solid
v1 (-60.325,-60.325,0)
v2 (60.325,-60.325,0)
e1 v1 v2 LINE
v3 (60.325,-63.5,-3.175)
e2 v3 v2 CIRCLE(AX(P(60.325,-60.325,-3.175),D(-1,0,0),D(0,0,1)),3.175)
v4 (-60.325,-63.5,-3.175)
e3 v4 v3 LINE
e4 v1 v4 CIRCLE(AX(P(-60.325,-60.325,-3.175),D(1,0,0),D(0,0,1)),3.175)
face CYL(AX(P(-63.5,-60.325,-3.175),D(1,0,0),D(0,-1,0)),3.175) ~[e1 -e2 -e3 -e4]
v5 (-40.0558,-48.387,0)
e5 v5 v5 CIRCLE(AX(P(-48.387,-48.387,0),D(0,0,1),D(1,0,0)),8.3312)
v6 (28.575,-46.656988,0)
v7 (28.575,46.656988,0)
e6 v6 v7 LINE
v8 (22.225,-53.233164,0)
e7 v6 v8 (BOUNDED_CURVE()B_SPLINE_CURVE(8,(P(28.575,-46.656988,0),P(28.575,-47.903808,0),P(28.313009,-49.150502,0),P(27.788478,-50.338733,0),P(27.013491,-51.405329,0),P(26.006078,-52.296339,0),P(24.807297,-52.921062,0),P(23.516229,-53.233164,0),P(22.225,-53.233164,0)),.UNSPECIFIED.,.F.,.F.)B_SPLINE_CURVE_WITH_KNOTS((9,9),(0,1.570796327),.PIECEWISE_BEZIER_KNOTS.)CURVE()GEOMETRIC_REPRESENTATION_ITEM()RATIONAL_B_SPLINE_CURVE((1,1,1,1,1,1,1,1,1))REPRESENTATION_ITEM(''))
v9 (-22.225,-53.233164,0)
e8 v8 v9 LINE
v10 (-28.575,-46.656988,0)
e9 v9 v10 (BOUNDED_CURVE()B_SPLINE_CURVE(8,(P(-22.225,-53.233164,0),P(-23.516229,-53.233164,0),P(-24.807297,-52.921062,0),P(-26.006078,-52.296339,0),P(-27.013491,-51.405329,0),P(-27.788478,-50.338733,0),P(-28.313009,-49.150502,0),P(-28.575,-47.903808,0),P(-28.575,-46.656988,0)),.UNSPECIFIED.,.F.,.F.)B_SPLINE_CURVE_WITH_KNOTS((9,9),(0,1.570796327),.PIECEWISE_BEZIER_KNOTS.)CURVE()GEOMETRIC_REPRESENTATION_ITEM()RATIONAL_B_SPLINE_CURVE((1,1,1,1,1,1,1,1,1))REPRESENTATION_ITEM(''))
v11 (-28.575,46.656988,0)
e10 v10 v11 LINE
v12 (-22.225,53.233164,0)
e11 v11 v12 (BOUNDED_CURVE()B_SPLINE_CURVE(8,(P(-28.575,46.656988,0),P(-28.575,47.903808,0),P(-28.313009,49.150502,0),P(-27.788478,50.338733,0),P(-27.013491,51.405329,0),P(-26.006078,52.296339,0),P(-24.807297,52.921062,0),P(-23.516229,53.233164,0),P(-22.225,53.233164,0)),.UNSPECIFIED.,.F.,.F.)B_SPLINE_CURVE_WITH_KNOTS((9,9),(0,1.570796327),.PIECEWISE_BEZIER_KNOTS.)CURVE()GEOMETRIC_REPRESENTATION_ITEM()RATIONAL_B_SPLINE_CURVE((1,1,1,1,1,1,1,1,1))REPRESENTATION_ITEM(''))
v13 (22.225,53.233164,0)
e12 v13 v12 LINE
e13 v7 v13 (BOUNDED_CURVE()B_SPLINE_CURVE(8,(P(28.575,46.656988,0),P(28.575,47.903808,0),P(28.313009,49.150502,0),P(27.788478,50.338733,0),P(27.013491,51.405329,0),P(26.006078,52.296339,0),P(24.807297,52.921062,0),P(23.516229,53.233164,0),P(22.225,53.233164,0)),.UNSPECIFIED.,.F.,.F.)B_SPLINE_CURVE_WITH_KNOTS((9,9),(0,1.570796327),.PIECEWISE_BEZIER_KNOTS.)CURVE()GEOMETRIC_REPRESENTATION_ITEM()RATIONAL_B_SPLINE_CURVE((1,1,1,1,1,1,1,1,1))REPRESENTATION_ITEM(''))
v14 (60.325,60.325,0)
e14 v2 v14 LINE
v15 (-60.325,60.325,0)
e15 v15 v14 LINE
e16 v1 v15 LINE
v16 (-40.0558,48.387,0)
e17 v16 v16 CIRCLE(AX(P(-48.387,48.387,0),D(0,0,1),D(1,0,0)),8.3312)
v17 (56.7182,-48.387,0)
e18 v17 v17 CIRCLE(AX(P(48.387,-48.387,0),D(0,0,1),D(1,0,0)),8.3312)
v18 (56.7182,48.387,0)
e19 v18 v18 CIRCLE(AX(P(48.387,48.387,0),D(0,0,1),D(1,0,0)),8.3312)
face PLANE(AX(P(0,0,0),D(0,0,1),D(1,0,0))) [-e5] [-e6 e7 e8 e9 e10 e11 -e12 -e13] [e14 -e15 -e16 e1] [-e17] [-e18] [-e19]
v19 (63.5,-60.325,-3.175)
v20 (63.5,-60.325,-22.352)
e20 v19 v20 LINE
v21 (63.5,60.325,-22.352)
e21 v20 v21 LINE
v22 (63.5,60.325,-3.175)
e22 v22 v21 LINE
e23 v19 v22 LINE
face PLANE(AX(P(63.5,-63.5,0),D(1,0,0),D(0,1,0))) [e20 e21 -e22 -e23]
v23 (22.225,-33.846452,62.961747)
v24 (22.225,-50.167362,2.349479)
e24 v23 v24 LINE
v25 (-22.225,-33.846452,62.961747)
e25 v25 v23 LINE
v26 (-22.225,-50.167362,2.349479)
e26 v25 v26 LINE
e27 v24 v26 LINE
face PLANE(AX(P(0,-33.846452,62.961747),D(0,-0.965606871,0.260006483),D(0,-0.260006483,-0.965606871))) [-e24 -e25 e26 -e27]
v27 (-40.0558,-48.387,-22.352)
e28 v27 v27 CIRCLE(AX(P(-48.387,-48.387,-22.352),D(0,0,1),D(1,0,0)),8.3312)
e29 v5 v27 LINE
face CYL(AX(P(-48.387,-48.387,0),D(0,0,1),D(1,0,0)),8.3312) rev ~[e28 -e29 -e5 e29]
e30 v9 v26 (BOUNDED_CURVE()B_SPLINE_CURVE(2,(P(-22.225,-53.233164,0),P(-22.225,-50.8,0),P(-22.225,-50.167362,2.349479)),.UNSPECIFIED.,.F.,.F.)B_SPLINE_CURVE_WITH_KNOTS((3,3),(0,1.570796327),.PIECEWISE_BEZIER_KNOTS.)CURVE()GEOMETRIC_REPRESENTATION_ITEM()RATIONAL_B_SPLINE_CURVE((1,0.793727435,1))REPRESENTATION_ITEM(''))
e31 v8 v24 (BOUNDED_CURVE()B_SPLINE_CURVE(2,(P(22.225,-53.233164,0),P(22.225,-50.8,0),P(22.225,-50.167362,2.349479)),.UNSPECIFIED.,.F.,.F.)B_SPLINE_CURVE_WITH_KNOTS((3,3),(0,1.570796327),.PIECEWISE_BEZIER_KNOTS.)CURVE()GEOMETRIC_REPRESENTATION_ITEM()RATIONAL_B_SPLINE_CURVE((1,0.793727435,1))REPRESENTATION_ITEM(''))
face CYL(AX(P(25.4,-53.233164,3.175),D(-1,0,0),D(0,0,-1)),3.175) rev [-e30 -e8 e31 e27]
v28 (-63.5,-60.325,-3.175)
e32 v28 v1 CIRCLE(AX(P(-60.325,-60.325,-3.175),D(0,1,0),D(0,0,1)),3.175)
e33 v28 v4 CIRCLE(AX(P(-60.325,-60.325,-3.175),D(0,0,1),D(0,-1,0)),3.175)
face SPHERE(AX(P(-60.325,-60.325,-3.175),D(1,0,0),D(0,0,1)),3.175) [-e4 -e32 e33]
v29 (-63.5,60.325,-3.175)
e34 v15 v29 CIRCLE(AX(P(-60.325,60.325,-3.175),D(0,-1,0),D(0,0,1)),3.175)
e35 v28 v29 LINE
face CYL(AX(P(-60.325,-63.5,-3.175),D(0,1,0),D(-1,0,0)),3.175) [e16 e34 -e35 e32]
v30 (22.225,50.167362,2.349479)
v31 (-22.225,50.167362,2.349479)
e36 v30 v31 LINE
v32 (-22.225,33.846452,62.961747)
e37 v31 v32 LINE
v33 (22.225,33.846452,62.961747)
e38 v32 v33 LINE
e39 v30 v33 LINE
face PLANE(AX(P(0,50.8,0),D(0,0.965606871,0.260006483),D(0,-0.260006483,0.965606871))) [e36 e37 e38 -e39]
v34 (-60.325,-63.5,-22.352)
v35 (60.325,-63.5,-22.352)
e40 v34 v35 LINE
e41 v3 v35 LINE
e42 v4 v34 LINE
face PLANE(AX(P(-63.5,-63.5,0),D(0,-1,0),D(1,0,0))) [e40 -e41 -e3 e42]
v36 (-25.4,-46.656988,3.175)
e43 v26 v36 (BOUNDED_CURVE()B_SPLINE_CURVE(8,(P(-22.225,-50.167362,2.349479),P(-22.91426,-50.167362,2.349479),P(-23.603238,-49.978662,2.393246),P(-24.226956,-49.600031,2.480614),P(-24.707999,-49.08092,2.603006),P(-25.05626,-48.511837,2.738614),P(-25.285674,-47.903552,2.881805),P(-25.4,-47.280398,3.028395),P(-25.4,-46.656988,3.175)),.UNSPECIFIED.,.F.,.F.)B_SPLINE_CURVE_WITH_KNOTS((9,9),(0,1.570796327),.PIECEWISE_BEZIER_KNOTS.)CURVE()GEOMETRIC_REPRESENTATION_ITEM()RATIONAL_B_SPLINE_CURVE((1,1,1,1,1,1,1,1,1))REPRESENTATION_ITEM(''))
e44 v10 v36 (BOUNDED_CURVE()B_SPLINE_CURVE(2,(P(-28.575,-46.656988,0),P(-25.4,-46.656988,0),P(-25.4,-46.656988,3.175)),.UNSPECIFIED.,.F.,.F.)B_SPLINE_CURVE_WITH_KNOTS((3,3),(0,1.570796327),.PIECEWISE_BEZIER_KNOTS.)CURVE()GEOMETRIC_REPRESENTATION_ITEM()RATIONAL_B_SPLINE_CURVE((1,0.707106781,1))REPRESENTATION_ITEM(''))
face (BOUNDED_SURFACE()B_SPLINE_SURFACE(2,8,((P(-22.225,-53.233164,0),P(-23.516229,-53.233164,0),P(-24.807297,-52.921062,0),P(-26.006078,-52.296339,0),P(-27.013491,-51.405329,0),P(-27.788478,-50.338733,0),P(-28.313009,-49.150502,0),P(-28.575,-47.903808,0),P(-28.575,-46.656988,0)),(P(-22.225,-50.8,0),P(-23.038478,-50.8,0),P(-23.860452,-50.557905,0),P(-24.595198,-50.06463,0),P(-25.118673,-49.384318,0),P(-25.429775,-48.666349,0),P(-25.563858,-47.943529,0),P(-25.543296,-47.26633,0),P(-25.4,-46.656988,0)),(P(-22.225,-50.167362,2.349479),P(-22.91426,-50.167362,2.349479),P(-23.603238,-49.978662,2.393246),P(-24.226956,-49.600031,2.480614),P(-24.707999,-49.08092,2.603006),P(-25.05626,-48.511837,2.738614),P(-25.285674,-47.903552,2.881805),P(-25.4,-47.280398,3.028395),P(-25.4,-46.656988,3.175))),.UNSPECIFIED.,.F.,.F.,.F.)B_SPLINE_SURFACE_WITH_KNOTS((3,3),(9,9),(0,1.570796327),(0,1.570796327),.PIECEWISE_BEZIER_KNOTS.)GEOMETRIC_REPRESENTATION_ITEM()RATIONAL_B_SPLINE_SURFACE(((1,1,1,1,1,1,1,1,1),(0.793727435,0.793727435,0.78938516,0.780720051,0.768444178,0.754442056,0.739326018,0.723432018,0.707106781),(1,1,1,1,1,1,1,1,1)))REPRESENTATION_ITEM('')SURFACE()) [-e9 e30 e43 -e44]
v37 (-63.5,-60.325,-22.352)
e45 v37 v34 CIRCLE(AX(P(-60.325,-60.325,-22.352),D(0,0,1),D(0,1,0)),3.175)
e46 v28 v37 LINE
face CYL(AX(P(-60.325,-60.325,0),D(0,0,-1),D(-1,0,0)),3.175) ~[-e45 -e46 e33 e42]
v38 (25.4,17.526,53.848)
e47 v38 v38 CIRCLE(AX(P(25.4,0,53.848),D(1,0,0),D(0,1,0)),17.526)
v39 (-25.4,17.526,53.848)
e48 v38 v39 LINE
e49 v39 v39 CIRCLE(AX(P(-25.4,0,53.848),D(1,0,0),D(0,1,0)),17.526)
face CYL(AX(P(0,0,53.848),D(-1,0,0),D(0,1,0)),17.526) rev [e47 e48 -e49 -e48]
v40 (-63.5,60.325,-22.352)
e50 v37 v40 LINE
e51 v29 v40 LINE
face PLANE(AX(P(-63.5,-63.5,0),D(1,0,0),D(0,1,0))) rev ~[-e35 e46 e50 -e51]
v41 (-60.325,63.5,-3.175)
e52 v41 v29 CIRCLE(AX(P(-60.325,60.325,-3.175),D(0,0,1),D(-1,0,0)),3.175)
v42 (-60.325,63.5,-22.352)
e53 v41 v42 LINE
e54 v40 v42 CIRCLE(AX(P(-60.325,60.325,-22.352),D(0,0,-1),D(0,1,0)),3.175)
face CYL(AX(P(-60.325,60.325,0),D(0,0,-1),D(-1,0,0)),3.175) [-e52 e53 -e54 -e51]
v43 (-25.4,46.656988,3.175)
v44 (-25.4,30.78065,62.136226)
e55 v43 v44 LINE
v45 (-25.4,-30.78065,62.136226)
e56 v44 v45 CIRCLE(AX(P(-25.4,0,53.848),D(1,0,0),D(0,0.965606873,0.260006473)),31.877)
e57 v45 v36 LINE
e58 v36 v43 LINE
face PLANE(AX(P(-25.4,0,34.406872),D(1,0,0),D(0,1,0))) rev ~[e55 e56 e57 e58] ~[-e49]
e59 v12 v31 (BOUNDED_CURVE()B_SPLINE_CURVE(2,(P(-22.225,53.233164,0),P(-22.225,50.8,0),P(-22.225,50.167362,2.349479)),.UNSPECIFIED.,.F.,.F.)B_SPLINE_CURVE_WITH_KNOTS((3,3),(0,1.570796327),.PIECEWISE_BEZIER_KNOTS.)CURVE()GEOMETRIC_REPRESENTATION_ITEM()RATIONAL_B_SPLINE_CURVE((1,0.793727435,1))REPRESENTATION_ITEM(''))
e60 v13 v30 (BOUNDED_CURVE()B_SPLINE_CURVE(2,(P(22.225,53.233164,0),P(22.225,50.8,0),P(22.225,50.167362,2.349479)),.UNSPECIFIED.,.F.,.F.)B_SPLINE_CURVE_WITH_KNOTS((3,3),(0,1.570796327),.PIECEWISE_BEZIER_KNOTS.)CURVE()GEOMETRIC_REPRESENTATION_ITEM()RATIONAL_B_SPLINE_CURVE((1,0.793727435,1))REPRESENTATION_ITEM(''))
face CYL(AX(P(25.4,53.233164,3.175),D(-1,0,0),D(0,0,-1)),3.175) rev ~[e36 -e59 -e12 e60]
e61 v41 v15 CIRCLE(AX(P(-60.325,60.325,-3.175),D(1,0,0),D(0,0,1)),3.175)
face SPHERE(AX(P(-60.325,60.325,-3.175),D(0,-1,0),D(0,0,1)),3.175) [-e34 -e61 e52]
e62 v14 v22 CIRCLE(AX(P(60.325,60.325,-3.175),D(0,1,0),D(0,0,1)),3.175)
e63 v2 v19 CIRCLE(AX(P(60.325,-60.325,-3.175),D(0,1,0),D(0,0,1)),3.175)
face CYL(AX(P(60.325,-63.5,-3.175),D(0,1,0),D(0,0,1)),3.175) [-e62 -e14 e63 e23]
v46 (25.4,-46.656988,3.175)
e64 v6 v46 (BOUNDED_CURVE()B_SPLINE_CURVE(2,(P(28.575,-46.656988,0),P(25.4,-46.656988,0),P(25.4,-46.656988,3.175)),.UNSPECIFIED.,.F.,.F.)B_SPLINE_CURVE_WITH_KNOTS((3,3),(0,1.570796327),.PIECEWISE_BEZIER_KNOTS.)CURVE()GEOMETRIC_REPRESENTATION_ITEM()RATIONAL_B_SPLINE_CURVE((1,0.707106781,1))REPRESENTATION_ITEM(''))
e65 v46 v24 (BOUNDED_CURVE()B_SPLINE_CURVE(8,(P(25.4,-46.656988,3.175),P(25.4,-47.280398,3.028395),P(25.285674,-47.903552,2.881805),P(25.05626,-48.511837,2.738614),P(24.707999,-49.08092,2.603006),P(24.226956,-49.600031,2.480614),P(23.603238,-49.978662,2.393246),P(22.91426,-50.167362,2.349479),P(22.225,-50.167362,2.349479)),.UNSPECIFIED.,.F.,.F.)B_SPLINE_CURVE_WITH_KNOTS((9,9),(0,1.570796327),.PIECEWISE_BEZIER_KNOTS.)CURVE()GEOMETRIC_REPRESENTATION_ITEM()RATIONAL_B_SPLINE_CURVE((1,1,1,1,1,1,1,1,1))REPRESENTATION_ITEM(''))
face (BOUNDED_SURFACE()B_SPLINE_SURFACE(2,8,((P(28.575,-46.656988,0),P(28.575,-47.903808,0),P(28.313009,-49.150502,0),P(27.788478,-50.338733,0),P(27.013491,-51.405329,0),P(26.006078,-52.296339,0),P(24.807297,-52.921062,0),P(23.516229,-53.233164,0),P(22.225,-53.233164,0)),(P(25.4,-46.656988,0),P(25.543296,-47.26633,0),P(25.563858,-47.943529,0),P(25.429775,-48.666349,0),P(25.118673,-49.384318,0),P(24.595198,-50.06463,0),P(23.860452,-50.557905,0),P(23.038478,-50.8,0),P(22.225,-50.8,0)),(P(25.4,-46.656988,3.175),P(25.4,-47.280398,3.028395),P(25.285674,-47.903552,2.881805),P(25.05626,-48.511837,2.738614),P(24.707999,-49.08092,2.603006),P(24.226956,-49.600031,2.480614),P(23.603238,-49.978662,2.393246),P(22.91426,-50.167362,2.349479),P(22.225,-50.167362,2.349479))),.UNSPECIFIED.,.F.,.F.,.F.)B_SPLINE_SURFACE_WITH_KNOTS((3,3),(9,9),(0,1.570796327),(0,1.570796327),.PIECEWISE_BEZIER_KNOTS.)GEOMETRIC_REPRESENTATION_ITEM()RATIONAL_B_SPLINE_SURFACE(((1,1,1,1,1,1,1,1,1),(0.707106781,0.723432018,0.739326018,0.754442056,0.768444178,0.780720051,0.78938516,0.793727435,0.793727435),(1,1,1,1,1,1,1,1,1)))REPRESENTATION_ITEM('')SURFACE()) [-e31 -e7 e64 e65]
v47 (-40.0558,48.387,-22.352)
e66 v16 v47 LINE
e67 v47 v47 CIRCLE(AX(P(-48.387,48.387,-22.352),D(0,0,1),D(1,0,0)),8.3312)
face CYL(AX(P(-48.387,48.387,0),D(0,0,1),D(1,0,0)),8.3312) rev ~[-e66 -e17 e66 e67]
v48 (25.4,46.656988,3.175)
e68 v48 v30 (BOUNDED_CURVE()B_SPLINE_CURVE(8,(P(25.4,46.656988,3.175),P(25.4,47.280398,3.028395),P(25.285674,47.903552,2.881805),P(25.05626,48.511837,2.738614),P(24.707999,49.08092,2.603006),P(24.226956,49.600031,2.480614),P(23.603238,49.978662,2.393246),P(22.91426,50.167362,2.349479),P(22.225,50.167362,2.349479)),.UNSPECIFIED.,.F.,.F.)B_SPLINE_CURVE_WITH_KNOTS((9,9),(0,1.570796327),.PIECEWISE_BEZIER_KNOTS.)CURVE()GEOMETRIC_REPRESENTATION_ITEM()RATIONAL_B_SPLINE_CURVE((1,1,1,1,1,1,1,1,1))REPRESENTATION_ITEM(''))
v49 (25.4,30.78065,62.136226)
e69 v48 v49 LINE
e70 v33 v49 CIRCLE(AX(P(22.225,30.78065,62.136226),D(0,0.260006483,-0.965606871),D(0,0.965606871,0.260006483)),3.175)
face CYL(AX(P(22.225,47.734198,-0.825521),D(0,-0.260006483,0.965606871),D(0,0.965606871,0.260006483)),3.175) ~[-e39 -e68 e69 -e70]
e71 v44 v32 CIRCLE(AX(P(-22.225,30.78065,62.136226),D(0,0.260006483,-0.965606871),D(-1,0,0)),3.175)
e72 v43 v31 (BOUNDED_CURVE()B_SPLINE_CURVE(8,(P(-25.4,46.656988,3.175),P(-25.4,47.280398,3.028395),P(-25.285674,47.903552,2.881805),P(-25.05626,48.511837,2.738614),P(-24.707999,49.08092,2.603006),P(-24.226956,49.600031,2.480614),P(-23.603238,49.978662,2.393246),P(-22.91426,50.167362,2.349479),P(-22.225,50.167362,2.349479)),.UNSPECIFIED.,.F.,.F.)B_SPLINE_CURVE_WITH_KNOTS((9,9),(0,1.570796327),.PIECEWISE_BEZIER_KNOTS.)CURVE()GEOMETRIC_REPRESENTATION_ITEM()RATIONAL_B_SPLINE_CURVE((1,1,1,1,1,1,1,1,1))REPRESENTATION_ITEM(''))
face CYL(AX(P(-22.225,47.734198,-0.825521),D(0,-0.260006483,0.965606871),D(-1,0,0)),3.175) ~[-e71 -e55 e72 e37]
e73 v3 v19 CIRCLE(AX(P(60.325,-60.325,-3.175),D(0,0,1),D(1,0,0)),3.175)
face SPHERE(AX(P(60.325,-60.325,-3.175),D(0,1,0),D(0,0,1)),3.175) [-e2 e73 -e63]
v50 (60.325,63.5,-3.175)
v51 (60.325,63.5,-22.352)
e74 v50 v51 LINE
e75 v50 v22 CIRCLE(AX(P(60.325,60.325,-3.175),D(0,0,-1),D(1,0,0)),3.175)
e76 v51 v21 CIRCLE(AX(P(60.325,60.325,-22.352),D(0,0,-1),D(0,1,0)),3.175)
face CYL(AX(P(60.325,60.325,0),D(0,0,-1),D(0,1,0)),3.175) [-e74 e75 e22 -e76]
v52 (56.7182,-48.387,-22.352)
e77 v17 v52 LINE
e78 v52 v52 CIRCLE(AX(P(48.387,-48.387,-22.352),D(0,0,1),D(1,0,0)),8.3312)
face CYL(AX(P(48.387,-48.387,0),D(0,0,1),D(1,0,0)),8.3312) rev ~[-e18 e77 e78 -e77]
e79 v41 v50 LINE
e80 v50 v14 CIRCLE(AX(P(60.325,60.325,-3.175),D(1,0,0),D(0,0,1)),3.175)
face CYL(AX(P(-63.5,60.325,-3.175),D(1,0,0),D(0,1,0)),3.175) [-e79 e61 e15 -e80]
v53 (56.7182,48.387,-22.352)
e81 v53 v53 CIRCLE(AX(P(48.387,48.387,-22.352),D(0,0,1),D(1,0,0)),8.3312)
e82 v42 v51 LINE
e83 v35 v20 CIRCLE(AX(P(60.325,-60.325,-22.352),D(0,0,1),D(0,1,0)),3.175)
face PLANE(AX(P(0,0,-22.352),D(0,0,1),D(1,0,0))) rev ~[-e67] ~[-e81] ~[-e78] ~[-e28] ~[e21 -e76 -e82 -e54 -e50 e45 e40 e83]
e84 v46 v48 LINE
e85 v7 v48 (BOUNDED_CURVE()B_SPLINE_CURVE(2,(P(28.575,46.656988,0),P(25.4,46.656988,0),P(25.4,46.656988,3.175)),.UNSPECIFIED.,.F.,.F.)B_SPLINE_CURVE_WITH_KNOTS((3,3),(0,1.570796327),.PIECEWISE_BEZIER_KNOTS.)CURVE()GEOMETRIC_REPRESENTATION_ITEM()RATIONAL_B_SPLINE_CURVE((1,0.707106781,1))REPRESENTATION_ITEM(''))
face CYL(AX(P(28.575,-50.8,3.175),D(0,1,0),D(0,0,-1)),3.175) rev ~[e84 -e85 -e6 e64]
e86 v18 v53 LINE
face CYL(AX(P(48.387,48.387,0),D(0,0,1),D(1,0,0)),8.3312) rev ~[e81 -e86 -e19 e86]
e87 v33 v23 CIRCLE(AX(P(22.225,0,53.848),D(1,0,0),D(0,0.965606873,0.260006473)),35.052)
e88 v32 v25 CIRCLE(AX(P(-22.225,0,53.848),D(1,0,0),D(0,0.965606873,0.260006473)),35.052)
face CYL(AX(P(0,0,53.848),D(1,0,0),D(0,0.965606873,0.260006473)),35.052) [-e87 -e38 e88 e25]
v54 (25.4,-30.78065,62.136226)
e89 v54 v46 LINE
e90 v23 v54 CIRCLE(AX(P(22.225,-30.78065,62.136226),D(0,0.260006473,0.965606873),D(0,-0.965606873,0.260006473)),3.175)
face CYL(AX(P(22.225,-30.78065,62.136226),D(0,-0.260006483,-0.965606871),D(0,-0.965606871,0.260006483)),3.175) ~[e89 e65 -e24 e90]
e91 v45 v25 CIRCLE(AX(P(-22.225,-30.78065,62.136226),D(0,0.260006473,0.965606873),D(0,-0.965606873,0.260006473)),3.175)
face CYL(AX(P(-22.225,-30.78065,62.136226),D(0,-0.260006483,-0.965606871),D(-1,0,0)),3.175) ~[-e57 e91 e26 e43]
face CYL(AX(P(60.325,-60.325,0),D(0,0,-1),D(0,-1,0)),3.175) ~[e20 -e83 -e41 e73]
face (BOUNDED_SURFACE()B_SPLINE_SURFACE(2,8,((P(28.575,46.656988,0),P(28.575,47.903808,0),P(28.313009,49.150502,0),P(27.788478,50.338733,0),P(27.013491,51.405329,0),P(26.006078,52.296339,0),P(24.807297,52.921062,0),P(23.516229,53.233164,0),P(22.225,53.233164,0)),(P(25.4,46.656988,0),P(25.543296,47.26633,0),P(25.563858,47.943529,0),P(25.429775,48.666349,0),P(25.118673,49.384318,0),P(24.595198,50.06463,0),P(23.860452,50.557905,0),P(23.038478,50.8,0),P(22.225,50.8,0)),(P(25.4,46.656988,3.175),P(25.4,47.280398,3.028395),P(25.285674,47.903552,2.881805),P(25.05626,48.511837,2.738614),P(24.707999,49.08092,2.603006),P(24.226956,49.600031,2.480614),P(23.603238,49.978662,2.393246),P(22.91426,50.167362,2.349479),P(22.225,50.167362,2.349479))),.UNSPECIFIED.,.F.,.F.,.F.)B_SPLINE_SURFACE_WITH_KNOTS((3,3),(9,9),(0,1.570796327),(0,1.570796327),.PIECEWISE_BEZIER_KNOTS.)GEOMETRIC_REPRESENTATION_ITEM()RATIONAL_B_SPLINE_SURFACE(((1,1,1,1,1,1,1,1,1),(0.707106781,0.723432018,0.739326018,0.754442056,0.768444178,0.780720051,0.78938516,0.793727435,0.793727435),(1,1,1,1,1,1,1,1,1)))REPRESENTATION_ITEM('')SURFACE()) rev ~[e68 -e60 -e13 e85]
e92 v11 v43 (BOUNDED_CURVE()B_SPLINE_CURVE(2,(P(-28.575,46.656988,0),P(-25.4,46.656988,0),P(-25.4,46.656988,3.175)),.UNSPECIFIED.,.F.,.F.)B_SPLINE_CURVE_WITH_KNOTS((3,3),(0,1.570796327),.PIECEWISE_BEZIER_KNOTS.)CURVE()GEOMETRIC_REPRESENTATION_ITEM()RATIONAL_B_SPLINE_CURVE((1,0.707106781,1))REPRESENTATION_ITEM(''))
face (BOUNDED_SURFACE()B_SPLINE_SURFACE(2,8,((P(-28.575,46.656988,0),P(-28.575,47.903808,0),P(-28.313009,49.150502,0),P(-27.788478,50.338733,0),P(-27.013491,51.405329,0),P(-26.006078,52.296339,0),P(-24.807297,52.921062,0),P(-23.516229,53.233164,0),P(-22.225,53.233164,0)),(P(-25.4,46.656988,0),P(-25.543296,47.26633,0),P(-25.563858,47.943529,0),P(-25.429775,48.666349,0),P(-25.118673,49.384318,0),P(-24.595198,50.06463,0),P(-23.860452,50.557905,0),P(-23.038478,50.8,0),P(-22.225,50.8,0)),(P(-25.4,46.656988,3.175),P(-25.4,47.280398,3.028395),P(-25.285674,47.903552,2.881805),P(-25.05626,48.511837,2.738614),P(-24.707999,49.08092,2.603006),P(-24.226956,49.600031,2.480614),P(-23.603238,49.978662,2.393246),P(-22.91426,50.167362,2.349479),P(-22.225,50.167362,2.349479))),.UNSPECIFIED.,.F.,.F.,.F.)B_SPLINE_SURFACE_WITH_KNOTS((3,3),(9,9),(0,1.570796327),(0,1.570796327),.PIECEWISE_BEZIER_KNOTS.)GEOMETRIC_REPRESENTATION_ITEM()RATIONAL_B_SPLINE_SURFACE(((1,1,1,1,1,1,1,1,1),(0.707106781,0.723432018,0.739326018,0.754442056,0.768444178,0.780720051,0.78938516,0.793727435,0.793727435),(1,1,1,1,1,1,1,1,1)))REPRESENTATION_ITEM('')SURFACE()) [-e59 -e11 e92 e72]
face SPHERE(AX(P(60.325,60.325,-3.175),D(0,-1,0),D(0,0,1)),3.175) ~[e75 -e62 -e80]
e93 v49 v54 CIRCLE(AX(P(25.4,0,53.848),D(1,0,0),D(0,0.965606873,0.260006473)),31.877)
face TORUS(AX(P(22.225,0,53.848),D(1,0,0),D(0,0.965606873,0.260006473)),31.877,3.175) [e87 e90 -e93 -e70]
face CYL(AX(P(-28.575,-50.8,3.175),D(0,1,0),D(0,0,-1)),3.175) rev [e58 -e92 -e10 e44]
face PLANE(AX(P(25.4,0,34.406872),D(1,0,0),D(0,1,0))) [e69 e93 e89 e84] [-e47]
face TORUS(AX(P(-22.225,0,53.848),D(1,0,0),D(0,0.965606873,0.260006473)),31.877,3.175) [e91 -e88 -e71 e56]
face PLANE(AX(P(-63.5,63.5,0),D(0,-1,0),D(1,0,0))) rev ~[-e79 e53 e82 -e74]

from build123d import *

# Parameters (mm, degrees)
F0_W     = 127
F0_H     = 127
F0_R     = 8.3312
F1_DEPTH = 22.352
F2_R     = 17.526
F3_DEPTH = 25.4
F4_R     = 3.175


with BuildPart() as f1:
    # F0 (on Top) → F1 (new body)
    with BuildSketch(Plane.XY):
        Rectangle(F0_W, F0_H)
        with Locations((-48.387, -48.387)):
            Circle(F0_R, mode=Mode.SUBTRACT)
        with Locations((48.387, -48.387)):
            Circle(F0_R, mode=Mode.SUBTRACT)
        with Locations((-48.387, 48.387)):
            Circle(F0_R, mode=Mode.SUBTRACT)
        with Locations((48.387, 48.387)):
            Circle(F0_R, mode=Mode.SUBTRACT)
    extrude(amount=-F1_DEPTH)

    # F2 (on Right) → F3 (join, symmetric)
    with BuildSketch(Plane.YZ):
        with BuildLine():
            Line((50.8, 0), (33.846452, 62.961747))
            ThreePointArc((33.846452, 62.961747), (0, 88.9), (-33.846452, 62.961747))
            Line((-33.846452, 62.961747), (-50.8, 0))
            Line((-50.8, 0), (50.8, 0))
        make_face()
        with Locations((0, 53.848)):
            Circle(F2_R, mode=Mode.SUBTRACT)
    extrude(amount=F3_DEPTH, both=True)

    # F4
    f4_edges = [f1.edges().sort_by_distance(p)[0] for p in [
        (25.4, 0, 0),
        (0, -50.8, 0),
        (-25.4, 0, 0),
        (0, 50.8, 0),
        (63.5, 0, 0),
        (0, -63.5, 0),
        (-63.5, 0, 0),
        (0, 63.5, 0),
        (25.4, -42.323226, 31.480874),
        (-25.4, -42.323226, 31.480874),
        (63.5, -63.5, -11.176),
        (63.5, 63.5, -11.176),
        (-63.5, -63.5, -11.176),
        (-63.5, 63.5, -11.176),
    ]]
    fillet(f4_edges, radius=F4_R)


solid = f1.part
